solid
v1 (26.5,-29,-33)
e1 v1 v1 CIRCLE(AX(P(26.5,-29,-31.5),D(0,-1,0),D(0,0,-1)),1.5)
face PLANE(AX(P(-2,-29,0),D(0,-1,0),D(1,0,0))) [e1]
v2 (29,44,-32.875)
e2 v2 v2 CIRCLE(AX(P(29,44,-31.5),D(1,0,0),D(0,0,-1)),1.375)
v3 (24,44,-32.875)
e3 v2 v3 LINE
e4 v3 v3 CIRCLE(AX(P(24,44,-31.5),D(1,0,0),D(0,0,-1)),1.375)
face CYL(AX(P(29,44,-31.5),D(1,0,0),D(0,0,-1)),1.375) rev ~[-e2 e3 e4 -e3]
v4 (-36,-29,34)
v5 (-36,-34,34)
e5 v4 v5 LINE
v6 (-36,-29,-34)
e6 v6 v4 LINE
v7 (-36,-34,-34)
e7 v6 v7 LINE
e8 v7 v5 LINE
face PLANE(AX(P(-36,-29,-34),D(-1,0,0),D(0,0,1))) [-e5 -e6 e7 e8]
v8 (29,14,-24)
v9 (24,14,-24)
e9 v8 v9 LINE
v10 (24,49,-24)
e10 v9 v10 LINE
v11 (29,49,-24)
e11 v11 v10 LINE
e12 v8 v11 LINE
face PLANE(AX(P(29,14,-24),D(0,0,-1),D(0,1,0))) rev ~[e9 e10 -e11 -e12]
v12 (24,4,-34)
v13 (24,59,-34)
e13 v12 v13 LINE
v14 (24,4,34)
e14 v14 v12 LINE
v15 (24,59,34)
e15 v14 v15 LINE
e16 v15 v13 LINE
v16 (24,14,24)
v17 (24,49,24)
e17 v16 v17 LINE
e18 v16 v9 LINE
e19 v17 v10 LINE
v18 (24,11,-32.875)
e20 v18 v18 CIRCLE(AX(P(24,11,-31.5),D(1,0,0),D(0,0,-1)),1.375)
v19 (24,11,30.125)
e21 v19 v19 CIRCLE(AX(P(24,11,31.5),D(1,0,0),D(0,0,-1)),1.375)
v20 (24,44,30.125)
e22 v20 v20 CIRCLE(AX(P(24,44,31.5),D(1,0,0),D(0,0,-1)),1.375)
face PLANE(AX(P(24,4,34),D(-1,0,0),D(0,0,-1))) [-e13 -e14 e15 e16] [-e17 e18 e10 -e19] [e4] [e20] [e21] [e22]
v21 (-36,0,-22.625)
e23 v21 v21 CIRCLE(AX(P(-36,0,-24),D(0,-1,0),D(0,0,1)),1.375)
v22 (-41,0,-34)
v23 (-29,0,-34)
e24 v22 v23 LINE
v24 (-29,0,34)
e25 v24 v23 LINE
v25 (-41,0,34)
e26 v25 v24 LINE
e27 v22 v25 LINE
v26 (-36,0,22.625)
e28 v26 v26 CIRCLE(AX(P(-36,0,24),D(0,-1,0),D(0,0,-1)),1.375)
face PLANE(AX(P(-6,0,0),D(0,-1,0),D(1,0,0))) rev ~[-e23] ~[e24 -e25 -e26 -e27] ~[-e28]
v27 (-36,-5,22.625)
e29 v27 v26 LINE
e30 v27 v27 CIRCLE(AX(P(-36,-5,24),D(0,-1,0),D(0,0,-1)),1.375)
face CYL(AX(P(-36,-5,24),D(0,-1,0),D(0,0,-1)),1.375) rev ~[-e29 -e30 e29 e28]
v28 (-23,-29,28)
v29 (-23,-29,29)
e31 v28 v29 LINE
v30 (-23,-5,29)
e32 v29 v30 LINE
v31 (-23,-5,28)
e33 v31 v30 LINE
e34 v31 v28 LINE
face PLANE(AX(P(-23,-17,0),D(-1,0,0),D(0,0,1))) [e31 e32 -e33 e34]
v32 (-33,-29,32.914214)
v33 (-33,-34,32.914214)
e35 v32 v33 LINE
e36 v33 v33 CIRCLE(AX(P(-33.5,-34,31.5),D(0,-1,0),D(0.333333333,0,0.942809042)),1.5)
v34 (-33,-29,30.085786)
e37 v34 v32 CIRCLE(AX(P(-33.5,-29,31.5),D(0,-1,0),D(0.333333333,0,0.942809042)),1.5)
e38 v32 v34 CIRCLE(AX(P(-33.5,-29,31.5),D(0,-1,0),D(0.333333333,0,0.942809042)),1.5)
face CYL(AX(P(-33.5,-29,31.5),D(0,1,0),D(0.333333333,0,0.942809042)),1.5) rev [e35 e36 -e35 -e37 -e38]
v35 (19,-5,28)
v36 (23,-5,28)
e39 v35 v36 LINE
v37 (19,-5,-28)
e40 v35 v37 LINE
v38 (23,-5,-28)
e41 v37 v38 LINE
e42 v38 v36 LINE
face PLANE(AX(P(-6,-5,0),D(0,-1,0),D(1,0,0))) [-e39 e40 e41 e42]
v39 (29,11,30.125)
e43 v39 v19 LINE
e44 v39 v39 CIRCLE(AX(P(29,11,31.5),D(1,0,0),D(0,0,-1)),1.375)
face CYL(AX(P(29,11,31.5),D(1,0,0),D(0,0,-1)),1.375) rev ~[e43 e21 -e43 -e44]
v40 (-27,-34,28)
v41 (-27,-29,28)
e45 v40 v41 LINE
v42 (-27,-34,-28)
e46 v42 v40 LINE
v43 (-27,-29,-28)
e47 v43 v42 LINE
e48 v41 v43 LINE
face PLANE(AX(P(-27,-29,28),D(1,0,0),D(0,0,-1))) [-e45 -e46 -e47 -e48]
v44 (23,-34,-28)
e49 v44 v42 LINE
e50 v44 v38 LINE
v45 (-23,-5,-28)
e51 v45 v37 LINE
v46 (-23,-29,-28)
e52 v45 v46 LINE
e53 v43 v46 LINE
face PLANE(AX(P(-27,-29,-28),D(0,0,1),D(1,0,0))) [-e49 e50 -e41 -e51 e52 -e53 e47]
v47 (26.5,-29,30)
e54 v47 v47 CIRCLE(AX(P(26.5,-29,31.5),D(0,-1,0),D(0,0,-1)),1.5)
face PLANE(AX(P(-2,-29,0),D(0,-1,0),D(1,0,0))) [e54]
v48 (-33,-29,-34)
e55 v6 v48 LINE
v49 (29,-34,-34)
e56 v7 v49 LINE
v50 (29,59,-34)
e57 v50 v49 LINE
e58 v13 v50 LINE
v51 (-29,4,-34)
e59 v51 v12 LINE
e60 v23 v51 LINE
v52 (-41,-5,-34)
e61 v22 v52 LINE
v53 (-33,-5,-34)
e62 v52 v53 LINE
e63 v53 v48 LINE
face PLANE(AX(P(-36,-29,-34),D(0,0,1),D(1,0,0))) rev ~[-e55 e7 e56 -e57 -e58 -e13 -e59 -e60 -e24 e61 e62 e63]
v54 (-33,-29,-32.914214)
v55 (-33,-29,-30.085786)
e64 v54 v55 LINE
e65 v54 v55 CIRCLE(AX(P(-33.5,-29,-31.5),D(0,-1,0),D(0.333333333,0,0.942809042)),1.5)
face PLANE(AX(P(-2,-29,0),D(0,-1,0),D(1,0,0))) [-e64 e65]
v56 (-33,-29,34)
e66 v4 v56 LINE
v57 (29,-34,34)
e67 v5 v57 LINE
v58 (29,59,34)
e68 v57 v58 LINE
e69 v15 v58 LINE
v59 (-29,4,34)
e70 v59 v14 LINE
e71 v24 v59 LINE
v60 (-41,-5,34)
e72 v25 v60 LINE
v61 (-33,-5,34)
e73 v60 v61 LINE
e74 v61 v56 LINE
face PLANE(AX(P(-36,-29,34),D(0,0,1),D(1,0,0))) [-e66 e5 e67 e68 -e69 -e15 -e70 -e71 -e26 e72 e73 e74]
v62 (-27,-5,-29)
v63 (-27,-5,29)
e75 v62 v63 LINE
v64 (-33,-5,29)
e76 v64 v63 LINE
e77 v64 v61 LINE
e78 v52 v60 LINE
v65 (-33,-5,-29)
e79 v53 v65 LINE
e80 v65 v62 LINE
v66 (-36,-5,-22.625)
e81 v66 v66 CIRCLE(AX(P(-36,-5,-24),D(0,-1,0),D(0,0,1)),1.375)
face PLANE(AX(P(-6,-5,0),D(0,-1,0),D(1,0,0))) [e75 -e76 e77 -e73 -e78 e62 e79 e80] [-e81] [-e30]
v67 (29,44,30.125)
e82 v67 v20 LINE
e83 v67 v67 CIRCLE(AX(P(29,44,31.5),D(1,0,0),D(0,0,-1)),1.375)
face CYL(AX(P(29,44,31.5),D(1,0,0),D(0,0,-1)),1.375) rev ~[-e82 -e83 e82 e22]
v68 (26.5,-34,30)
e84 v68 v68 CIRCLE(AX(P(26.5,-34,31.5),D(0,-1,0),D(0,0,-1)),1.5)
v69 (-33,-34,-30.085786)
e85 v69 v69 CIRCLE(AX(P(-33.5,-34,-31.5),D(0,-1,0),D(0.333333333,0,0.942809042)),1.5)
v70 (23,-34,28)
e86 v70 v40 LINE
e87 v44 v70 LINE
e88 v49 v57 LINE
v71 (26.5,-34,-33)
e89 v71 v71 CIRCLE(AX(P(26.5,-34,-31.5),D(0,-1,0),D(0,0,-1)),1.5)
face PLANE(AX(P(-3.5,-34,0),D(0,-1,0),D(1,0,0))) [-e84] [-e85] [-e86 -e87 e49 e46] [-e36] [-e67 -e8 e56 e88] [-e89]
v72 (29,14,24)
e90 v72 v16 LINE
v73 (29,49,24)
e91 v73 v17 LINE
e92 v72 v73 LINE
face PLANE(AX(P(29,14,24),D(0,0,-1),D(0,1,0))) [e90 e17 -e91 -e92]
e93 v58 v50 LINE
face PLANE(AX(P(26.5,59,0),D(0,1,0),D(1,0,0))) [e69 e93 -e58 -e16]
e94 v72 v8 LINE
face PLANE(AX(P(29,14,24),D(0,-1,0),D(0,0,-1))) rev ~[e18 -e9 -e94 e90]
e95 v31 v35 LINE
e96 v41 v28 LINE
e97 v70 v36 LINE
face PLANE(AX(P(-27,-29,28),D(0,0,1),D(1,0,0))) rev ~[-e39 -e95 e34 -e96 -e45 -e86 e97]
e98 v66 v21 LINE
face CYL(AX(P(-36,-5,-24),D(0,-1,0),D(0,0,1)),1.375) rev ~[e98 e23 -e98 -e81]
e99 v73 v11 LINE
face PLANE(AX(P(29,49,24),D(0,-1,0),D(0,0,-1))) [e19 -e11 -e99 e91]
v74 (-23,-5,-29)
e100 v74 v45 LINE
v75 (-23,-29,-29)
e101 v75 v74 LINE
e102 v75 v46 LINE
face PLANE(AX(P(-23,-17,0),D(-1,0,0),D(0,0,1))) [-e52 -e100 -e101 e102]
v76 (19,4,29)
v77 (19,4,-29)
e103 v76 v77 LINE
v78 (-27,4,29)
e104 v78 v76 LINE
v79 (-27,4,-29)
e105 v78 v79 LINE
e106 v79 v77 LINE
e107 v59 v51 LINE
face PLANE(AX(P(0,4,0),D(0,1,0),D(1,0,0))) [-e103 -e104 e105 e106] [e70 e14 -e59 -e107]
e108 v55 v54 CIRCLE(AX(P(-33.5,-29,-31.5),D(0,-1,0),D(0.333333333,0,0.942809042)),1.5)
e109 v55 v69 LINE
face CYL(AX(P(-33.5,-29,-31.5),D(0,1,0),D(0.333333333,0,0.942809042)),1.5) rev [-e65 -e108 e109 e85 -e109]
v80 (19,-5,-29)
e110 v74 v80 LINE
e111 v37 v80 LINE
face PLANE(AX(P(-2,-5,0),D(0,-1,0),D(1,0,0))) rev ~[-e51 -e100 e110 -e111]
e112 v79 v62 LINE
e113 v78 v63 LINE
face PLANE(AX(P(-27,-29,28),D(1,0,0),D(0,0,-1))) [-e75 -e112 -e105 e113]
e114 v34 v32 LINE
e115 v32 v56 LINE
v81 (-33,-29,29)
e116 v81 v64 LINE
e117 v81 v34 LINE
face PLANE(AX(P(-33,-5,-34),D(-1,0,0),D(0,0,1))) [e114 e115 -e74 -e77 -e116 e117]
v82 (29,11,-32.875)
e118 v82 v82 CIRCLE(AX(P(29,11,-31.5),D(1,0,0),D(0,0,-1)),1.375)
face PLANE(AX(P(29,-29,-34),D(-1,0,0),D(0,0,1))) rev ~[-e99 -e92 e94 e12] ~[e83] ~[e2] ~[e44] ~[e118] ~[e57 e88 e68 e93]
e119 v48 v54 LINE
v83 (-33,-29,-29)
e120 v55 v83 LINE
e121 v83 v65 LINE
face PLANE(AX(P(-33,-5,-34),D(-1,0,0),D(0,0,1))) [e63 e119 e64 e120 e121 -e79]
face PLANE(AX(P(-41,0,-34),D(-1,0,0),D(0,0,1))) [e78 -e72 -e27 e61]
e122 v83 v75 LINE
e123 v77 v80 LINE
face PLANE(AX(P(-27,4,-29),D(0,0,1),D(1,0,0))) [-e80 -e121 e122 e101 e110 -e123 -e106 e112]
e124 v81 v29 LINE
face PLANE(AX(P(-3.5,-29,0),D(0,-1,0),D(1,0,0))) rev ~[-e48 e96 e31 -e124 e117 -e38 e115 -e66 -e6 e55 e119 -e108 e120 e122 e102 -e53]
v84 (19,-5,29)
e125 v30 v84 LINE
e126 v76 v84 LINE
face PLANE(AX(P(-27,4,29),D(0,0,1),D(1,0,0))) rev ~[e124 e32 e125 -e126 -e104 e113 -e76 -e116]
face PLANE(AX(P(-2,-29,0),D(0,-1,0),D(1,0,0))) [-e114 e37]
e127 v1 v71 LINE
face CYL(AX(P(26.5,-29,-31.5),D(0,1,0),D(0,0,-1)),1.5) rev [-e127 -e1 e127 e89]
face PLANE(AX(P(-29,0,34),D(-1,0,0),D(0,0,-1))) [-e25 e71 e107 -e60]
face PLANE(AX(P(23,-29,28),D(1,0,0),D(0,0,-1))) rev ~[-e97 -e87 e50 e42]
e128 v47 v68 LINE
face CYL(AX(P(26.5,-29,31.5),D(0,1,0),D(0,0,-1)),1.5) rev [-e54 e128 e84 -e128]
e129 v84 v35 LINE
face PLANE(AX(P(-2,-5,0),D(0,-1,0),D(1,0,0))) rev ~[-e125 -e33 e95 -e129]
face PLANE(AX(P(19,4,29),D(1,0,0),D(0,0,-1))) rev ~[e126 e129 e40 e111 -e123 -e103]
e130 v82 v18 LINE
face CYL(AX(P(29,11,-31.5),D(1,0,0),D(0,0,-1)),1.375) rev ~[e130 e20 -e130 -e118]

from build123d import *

# Parameters (mm, degrees)
SKETCH1_W           = 58
SKETCH1_H           = 68
BOSS_EXTRUDE1_DEPTH = 4
SKETCH2_W           = 5
SKETCH2_H           = 68
BOSS_EXTRUDE2_DEPTH = 55
SKETCH3_W           = 70
SKETCH3_H           = 68
BOSS_EXTRUDE3_DEPTH = 5
CUT_EXTRUDE1_REACH  = 85.265
SKETCH4_R           = 1.375
CUT_EXTRUDE2_REACH  = 99.658
SKETCH5_R           = 1.375
SKETCH5_W           = 48
SKETCH5_H           = 35
CUT_EXTRUDE4_REACH  = 78.564
SKETCH6_W           = 46
SKETCH6_H           = 58
SKETCH7_W           = 62
SKETCH7_H           = 68
SKETCH7_W_2         = 50
SKETCH7_H_2         = 56
BOSS_EXTRUDE4_DEPTH = 24
SKETCH8_W           = 65
SKETCH8_H           = 68
SKETCH8_R           = 1.5
BOSS_EXTRUDE5_DEPTH = 5
SKETCH9_W           = 50
SKETCH9_H           = 56
CUT_EXTRUDE5_DEPTH  = 10
SKETCH10_W          = 58
SKETCH10_H          = 24
CUT_EXTRUDE6_DEPTH  = 10


with BuildPart() as part:
    # Sketch1 → Boss-Extrude1 (new body)
    with BuildSketch(Plane(origin=(0, 0, 0), x_dir=(1, 0, 0), z_dir=(0, 1, 0))):
        Rectangle(SKETCH1_W, SKETCH1_H)
    extrude(amount=BOSS_EXTRUDE1_DEPTH)

    # Sketch2 → Boss-Extrude2 (add)
    with BuildSketch(Plane(origin=(0, 4, 0), x_dir=(1, 0, 0), z_dir=(0, 1, 0))):
        with Locations((26.5, 0)):
            Rectangle(SKETCH2_W, SKETCH2_H)
    extrude(amount=BOSS_EXTRUDE2_DEPTH)

    # Sketch3 → Boss-Extrude3 (add)
    with BuildSketch(Plane.XZ):
        with Locations((-6, 0)):
            Rectangle(SKETCH3_W, SKETCH3_H)
    extrude(amount=BOSS_EXTRUDE3_DEPTH)

    # Sketch4 → Cut-Extrude1 (cut, up to next)
    with BuildSketch(Plane.XZ.offset(5), mode=Mode.PRIVATE) as cut_extrude1_sk1:
        with Locations(Location((-36, 24, 0), (0, 0, 270))):
            Circle(SKETCH4_R)
    cut_extrude1_tool1 = extrude(cut_extrude1_sk1.sketch, amount=-CUT_EXTRUDE1_REACH, mode=Mode.PRIVATE) & part.part
    # Sketch4 → Cut-Extrude1 (cut, up to next)
    with BuildSketch(Plane.XZ.offset(5), mode=Mode.PRIVATE) as cut_extrude1_sk2:
        with Locations(Location((-36, -24, 0), (0, 0, 90))):
            Circle(SKETCH4_R)
    cut_extrude1_tool2 = extrude(cut_extrude1_sk2.sketch, amount=-CUT_EXTRUDE1_REACH, mode=Mode.PRIVATE) & part.part
    add(cut_extrude1_tool1.solids().sort_by_distance((-36, -5, 24))[0], mode=Mode.SUBTRACT)
    add(cut_extrude1_tool2.solids().sort_by_distance((-36, -5, -24))[0], mode=Mode.SUBTRACT)

    # Sketch5 → Cut-Extrude2 (cut, up to next)
    with BuildSketch(Plane(origin=(29, 0, 0), x_dir=(0, 0, -1), z_dir=(1, 0, 0)), mode=Mode.PRIVATE) as cut_extrude2_sk1:
        with Locations((-31.5, 44)):
            Circle(SKETCH5_R)
    cut_extrude2_tool1 = extrude(cut_extrude2_sk1.sketch, amount=-CUT_EXTRUDE2_REACH, mode=Mode.PRIVATE) & part.part
    # Sketch5 → Cut-Extrude2 (cut, up to next)
    with BuildSketch(Plane(origin=(29, 0, 0), x_dir=(0, 0, -1), z_dir=(1, 0, 0)), mode=Mode.PRIVATE) as cut_extrude2_sk2:
        with Locations((-31.5, 11)):
            Circle(SKETCH5_R)
    cut_extrude2_tool2 = extrude(cut_extrude2_sk2.sketch, amount=-CUT_EXTRUDE2_REACH, mode=Mode.PRIVATE) & part.part
    # Sketch5 → Cut-Extrude2 (cut, up to next)
    with BuildSketch(Plane(origin=(29, 0, 0), x_dir=(0, 0, -1), z_dir=(1, 0, 0)), mode=Mode.PRIVATE) as cut_extrude2_sk3:
        with Locations((31.5, 11)):
            Circle(SKETCH5_R)
    cut_extrude2_tool3 = extrude(cut_extrude2_sk3.sketch, amount=-CUT_EXTRUDE2_REACH, mode=Mode.PRIVATE) & part.part
    # Sketch5 → Cut-Extrude2 (cut, up to next)
    with BuildSketch(Plane(origin=(29, 0, 0), x_dir=(0, 0, -1), z_dir=(1, 0, 0)), mode=Mode.PRIVATE) as cut_extrude2_sk4:
        with Locations((31.5, 44)):
            Circle(SKETCH5_R)
    cut_extrude2_tool4 = extrude(cut_extrude2_sk4.sketch, amount=-CUT_EXTRUDE2_REACH, mode=Mode.PRIVATE) & part.part
    # Sketch5 → Cut-Extrude2 (cut, up to next)
    with BuildSketch(Plane(origin=(29, 0, 0), x_dir=(0, 0, -1), z_dir=(1, 0, 0)), mode=Mode.PRIVATE) as cut_extrude2_sk5:
        with Locations((0, 31.5)):
            Rectangle(SKETCH5_W, SKETCH5_H)
    cut_extrude2_tool5 = extrude(cut_extrude2_sk5.sketch, amount=-CUT_EXTRUDE2_REACH, mode=Mode.PRIVATE) & part.part
    add(cut_extrude2_tool1.solids().sort_by_distance((29, 44, 31.5))[0], mode=Mode.SUBTRACT)
    add(cut_extrude2_tool2.solids().sort_by_distance((29, 11, 31.5))[0], mode=Mode.SUBTRACT)
    add(cut_extrude2_tool3.solids().sort_by_distance((29, 11, -31.5))[0], mode=Mode.SUBTRACT)
    add(cut_extrude2_tool4.solids().sort_by_distance((29, 44, -31.5))[0], mode=Mode.SUBTRACT)
    add(cut_extrude2_tool5.solids().sort_by_distance((29, 31.5, 0))[0], mode=Mode.SUBTRACT)

    # Sketch6 → Cut-Extrude4 (cut, up to next)
    with BuildSketch(Plane(origin=(0, 4, 0), x_dir=(1, 0, 0), z_dir=(0, 1, 0)), mode=Mode.PRIVATE) as cut_extrude4_sk1:
        with Locations((-4, 0)):
            Rectangle(SKETCH6_W, SKETCH6_H)
    cut_extrude4_tool1 = extrude(cut_extrude4_sk1.sketch, amount=-CUT_EXTRUDE4_REACH, mode=Mode.PRIVATE) & part.part
    add(cut_extrude4_tool1.solids().sort_by_distance((-4, 4, 0))[0], mode=Mode.SUBTRACT)

    # Sketch7 → Boss-Extrude4 (add)
    with BuildSketch(Plane.XZ.offset(5)):
        with Locations((-2, 0)):
            Rectangle(SKETCH7_W, SKETCH7_H)
        with Locations((-2, 0)):
            Rectangle(SKETCH7_W_2, SKETCH7_H_2, mode=Mode.SUBTRACT)
    extrude(amount=BOSS_EXTRUDE4_DEPTH)

    # Sketch8 → Boss-Extrude5 (add)
    with BuildSketch(Plane.XZ.offset(29)):
        with Locations((-3.5, 0)):
            Rectangle(SKETCH8_W, SKETCH8_H)
        with Locations(Location((26.5, -31.5, 0), (0, 0, 270))):
            Circle(SKETCH8_R, mode=Mode.SUBTRACT)
        with Locations(Location((-33.5, -31.5, 0), (0, 0, 70.528779366))):
            Circle(SKETCH8_R, mode=Mode.SUBTRACT)
        with Locations(Location((-33.5, 31.5, 0), (0, 0, 70.528779366))):
            Circle(SKETCH8_R, mode=Mode.SUBTRACT)
        with Locations(Location((26.5, 31.5, 0), (0, 0, 270))):
            Circle(SKETCH8_R, mode=Mode.SUBTRACT)
        with Locations(Location((-3.5, 0, 0), (0, 0, 270))):
            Circle(SKETCH8_R, mode=Mode.SUBTRACT)
    extrude(amount=BOSS_EXTRUDE5_DEPTH)

    # Sketch9 → Cut-Extrude5 (cut)
    with BuildSketch(Plane(origin=(0, -29, 0), x_dir=(1, 0, 0), z_dir=(0, 1, 0))):
        with Locations((-2, 0)):
            Rectangle(SKETCH9_W, SKETCH9_H)
    extrude(amount=-CUT_EXTRUDE5_DEPTH, mode=Mode.SUBTRACT)

    # Sketch10 → Cut-Extrude6 (cut)
    with BuildSketch(Plane.ZY.offset(33)):
        with Locations((0, -17)):
            Rectangle(SKETCH10_W, SKETCH10_H)
    extrude(amount=-CUT_EXTRUDE6_DEPTH, mode=Mode.SUBTRACT)


solid = part.part
